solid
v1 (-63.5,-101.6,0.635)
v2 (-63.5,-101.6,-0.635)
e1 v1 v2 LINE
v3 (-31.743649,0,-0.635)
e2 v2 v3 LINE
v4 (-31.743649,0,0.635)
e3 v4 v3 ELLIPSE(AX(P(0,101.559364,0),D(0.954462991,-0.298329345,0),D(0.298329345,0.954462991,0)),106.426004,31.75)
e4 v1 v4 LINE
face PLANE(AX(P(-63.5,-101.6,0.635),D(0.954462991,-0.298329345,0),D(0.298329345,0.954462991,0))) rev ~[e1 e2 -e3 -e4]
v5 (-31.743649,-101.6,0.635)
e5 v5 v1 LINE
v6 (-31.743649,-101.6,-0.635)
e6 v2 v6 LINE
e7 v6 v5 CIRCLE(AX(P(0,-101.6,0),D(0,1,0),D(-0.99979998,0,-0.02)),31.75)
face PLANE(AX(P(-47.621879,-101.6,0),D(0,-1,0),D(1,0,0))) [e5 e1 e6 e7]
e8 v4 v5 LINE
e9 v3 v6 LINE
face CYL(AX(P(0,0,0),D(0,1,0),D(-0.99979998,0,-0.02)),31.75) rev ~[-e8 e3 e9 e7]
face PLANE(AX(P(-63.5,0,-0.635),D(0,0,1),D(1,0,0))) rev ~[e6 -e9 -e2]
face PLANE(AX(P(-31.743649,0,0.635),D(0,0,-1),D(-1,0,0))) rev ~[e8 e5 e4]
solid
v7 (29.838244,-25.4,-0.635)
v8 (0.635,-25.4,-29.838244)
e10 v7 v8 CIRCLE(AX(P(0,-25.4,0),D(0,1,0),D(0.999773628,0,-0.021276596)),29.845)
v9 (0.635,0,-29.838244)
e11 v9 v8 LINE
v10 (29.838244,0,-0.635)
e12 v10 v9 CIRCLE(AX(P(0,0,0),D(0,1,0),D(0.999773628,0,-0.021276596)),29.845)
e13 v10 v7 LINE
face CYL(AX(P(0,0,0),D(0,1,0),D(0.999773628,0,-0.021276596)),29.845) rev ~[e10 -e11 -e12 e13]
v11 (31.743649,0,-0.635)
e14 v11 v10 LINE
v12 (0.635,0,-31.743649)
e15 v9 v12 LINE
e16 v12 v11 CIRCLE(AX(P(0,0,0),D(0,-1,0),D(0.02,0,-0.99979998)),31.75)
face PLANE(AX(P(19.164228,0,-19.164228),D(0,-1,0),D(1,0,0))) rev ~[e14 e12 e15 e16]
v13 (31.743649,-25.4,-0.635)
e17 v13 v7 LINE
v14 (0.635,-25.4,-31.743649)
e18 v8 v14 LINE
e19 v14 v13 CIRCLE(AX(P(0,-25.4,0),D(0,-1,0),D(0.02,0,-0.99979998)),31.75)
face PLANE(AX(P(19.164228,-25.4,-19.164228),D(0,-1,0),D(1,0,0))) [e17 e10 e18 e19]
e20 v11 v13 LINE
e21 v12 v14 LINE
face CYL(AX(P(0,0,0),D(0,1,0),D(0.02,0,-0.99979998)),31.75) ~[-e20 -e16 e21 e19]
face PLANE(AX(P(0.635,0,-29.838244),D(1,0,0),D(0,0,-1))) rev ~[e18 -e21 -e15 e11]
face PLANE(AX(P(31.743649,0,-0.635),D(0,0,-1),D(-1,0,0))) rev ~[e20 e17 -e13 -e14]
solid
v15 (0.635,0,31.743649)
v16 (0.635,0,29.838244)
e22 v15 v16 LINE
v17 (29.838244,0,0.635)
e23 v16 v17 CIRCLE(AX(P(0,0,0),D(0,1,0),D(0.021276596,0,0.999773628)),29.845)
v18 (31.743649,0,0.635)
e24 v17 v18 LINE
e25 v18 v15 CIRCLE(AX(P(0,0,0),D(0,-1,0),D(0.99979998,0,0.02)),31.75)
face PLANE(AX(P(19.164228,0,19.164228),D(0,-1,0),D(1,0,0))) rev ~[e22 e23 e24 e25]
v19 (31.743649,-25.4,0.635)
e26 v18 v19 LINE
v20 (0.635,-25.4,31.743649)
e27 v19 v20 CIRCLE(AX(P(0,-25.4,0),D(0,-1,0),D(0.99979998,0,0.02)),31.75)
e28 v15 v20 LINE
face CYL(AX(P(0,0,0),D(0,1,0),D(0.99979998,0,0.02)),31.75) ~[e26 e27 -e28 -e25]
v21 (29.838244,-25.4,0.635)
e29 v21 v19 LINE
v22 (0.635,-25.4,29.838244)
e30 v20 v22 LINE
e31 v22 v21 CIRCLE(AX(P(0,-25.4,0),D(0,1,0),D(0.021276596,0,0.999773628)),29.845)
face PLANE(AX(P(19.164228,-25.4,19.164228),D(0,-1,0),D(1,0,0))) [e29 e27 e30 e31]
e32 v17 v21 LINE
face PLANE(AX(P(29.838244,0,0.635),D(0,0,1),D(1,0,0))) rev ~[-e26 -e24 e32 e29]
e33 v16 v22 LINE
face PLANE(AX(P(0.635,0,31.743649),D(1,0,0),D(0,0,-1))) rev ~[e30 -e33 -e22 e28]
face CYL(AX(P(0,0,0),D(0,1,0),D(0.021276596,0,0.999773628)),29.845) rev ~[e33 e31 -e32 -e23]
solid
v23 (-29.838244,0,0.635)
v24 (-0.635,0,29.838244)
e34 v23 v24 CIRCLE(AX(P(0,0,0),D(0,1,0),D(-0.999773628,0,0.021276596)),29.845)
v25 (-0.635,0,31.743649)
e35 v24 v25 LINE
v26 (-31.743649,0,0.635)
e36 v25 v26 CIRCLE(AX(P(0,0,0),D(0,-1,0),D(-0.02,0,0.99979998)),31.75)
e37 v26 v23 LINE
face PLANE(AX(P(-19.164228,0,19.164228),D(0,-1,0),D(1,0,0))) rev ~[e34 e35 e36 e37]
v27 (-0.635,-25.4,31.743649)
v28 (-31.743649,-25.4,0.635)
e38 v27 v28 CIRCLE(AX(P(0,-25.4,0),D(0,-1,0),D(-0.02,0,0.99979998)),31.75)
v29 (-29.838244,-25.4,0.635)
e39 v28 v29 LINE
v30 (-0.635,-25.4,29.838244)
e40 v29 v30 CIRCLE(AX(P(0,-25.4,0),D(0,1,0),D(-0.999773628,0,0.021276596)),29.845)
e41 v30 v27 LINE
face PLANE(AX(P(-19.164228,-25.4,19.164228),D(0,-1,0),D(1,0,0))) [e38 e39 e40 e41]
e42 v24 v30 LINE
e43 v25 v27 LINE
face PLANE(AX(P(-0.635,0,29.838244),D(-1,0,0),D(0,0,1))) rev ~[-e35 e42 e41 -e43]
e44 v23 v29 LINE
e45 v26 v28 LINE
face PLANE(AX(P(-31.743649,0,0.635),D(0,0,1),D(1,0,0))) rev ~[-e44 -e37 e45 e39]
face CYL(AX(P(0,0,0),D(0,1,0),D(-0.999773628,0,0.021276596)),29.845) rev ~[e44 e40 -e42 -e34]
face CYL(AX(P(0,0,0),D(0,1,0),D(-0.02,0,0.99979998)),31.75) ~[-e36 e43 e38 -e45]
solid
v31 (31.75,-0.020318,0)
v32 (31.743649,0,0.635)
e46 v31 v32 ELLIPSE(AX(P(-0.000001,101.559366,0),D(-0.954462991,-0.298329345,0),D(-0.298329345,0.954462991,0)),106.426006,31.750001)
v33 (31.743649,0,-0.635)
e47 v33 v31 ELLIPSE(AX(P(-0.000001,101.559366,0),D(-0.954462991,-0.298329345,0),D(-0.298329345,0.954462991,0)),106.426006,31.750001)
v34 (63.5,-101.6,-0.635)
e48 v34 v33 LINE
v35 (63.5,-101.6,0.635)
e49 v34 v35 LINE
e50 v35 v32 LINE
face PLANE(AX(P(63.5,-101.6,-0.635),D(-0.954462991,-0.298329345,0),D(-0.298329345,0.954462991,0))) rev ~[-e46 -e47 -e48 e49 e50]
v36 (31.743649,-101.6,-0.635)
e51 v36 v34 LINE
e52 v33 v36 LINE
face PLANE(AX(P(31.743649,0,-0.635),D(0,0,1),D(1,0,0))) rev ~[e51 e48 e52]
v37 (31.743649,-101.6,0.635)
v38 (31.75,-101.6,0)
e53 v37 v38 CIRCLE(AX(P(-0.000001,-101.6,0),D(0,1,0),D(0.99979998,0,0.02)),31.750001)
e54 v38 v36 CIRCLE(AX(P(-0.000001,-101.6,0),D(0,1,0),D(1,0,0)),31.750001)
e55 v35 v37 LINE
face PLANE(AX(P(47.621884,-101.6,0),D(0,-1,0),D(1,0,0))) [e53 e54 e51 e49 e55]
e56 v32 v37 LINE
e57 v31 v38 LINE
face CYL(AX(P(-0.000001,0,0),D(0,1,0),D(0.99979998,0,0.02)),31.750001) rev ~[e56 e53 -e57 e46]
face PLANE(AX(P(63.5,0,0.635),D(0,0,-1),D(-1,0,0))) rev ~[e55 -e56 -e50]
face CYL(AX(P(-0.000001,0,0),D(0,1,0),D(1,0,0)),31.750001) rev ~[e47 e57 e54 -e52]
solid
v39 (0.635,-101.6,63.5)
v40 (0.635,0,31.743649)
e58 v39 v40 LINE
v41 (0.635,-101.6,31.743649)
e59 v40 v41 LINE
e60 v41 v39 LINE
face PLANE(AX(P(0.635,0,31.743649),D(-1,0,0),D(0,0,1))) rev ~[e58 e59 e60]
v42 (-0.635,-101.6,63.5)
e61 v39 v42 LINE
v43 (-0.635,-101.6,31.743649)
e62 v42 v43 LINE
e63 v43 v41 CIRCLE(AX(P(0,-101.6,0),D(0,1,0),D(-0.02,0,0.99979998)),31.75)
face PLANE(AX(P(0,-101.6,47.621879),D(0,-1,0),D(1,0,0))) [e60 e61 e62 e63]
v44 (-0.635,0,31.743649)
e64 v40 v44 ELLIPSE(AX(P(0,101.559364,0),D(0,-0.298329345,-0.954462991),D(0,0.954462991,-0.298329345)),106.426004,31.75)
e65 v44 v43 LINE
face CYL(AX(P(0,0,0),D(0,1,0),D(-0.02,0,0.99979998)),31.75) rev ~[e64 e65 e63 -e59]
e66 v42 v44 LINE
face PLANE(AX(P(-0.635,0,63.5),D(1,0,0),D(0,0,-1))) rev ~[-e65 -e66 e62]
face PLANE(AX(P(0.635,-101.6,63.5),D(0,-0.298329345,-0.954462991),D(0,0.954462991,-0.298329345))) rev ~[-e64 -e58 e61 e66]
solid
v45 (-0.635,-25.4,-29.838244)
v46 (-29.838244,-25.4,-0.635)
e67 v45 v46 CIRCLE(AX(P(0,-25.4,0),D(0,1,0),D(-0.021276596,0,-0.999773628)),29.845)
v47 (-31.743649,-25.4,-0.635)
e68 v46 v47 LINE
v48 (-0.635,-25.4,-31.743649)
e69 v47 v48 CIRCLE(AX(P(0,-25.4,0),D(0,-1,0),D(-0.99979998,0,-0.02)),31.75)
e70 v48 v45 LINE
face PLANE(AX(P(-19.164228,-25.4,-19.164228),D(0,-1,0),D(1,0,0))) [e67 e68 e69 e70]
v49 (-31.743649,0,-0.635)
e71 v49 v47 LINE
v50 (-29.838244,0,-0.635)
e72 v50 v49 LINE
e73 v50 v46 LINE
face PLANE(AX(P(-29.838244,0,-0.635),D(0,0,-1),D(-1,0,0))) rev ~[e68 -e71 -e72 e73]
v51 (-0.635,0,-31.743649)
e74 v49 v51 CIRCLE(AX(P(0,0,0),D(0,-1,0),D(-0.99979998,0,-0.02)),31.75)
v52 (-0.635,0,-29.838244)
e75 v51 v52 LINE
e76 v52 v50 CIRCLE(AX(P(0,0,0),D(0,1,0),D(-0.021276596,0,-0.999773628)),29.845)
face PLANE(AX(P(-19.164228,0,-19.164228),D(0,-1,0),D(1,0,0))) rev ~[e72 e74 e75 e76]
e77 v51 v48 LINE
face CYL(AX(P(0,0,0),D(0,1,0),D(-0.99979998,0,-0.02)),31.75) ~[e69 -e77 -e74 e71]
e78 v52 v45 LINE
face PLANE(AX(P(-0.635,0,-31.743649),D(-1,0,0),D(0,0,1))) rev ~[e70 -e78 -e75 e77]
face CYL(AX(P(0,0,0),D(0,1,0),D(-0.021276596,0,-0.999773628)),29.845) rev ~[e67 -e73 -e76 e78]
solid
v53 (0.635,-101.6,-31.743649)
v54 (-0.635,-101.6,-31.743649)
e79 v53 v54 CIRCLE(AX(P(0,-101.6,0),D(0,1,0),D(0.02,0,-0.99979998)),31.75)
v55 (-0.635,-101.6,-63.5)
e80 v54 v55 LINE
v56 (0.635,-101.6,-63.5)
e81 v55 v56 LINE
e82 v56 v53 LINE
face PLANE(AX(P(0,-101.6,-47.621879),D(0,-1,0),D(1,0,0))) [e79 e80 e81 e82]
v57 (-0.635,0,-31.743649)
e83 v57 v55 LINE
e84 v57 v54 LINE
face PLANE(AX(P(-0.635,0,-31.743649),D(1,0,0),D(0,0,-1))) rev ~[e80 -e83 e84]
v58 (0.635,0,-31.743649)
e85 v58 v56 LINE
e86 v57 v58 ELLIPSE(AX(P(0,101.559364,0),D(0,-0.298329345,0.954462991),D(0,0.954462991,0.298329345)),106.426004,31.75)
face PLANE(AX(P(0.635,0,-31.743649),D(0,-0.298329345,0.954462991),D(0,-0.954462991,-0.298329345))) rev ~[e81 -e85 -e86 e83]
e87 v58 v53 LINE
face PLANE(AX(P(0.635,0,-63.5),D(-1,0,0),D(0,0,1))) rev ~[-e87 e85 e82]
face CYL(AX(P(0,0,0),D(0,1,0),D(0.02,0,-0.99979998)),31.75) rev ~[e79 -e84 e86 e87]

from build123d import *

# Parameters (mm, degrees)
F1_DEPTH  = 25.4
F2_DEPTH  = 101.6
F4_DEPTH  = 25.4
F6_DEPTH  = 25.4
F8_DEPTH  = 25.4
F10_DEPTH = 25.4


with BuildPart() as f1:
    # F0 (on Front) → F1 (new body)
    with BuildSketch(Plane.XZ):
        with BuildLine():
            Line((29.8382439162, 0.635), (31.7436493649, 0.635))
            ThreePointArc((31.7436493649, 0.635), (22.4506403027, 22.4506403027), (0.635, 31.7436493649))
            Line((0.635, 31.7436493649), (0.635, 29.8382439162))
            ThreePointArc((0.635, 29.8382439162), (21.1036018845, 21.1036018845), (29.8382439162, 0.635))
        make_face()
    extrude(amount=F1_DEPTH)


with BuildPart() as f1b:
    # F0 (on Front) → F1, piece 2 (new body)
    with BuildSketch(Plane.XZ):
        with BuildLine():
            Line((-0.635, 29.8382439162), (-0.635, 31.7436493649))
            ThreePointArc((-0.635, 31.7436493649), (-22.4506403027, 22.4506403027), (-31.7436493649, 0.635))
            Line((-31.7436493649, 0.635), (-29.8382439162, 0.635))
            ThreePointArc((-29.8382439162, 0.635), (-21.1036018845, 21.1036018845), (-0.635, 29.8382439162))
        make_face()
    extrude(amount=F1_DEPTH)


with BuildPart() as f1c:
    # F0 (on Front) → F1, piece 3 (new body)
    with BuildSketch(Plane.XZ):
        with BuildLine():
            ThreePointArc((-31.7436493649, -0.635), (-22.4506403027, -22.4506403027), (-0.635, -31.7436493649))
            Line((-0.635, -31.7436493649), (-0.635, -29.8382439162))
            ThreePointArc((-0.635, -29.8382439162), (-21.1036018845, -21.1036018845), (-29.8382439162, -0.635))
            Line((-29.8382439162, -0.635), (-31.7436493649, -0.635))
        make_face()
    extrude(amount=F1_DEPTH)


with BuildPart() as f1d:
    # F0 (on Front) → F1, piece 4 (new body)
    with BuildSketch(Plane.XZ):
        with BuildLine():
            ThreePointArc((0.635, -31.7436493649), (22.4506403027, -22.4506403027), (31.7436493649, -0.635))
            Line((31.7436493649, -0.635), (29.8382439162, -0.635))
            ThreePointArc((29.8382439162, -0.635), (21.1036018845, -21.1036018845), (0.635, -29.8382439162))
            Line((0.635, -29.8382439162), (0.635, -31.7436493649))
        make_face()
    extrude(amount=F1_DEPTH)


with BuildPart() as f2:
    # F0 (on Front) → F2 (new body)
    with BuildSketch(Plane.XZ):
        with BuildLine():
            ThreePointArc((-31.7436493649, -0.635), (-31.75, 0), (-31.7436493649, 0.635))
            Line((-31.7436493649, 0.635), (-63.5, 0.635))
            Line((-63.5, 0.635), (-63.5, -0.635))
            Line((-63.5, -0.635), (-31.7436493649, -0.635))
        make_face()
    extrude(amount=F2_DEPTH)

    # F7 (on face) → F8 (cut)
    with BuildSketch(Plane.XY.offset(0.635)):
        Polygon((-63.5, -101.6), (-31.7436493649, 0), (-63.5, 0), align=None)
    extrude(amount=-F8_DEPTH, mode=Mode.SUBTRACT)


with BuildPart() as f2b:
    # F0 (on Front) → F2, piece 2 (new body)
    with BuildSketch(Plane.XZ):
        with BuildLine():
            ThreePointArc((-0.635, 31.7436493649), (0, 31.75), (0.635, 31.7436493649))
            Line((0.635, 31.7436493649), (0.635, 63.5))
            Line((0.635, 63.5), (-0.635, 63.5))
            Line((-0.635, 63.5), (-0.635, 31.7436493649))
        make_face()
    extrude(amount=F2_DEPTH)

    # F3 (on face) → F4 (cut)
    with BuildSketch(Plane.YZ.offset(0.635)):
        Polygon((-101.6, 63.5), (0, 31.7436493649), (0, 63.5), align=None)
    extrude(amount=-F4_DEPTH, mode=Mode.SUBTRACT)


with BuildPart() as f2c:
    # F0 (on Front) → F2, piece 3 (new body)
    with BuildSketch(Plane.XZ):
        with BuildLine():
            ThreePointArc((31.7436493649, 0.635), (31.7484123015, 0.3175158778), (31.75, 0))
            ThreePointArc((31.75, 0), (31.7484123015, -0.3175158778), (31.7436493649, -0.635))
            Line((31.7436493649, -0.635), (63.5, -0.635))
            Line((63.5, -0.635), (63.5, 0.635))
            Line((63.5, 0.635), (31.7436493649, 0.635))
        make_face()
    extrude(amount=F2_DEPTH)

    # F5 (on face) → F6 (cut)
    with BuildSketch(Plane(origin=(0, 0, -0.635), x_dir=(1, 0, 0), z_dir=(0, 0, -1))):
        Polygon((63.5, 101.6), (31.7436493649, 0), (63.5, 0), align=None)
    extrude(amount=-F6_DEPTH, mode=Mode.SUBTRACT)


with BuildPart() as f2d:
    # F0 (on Front) → F2, piece 4 (new body)
    with BuildSketch(Plane.XZ):
        with BuildLine():
            Line((0.635, -63.5), (0.635, -31.7436493649))
            ThreePointArc((0.635, -31.7436493649), (0, -31.75), (-0.635, -31.7436493649))
            Line((-0.635, -31.7436493649), (-0.635, -63.5))
            Line((-0.635, -63.5), (0.635, -63.5))
        make_face()
    extrude(amount=F2_DEPTH)

    # F9 (on face) → F10 (cut)
    with BuildSketch(Plane.YZ.offset(0.635)):
        Polygon((0, -63.5), (0, -31.7436493649), (-101.6, -63.5), align=None)
    extrude(amount=-F10_DEPTH, mode=Mode.SUBTRACT)


solid = Compound([f1.part, f1b.part, f1c.part, f1d.part, f2.part, f2b.part, f2c.part, f2d.part])
